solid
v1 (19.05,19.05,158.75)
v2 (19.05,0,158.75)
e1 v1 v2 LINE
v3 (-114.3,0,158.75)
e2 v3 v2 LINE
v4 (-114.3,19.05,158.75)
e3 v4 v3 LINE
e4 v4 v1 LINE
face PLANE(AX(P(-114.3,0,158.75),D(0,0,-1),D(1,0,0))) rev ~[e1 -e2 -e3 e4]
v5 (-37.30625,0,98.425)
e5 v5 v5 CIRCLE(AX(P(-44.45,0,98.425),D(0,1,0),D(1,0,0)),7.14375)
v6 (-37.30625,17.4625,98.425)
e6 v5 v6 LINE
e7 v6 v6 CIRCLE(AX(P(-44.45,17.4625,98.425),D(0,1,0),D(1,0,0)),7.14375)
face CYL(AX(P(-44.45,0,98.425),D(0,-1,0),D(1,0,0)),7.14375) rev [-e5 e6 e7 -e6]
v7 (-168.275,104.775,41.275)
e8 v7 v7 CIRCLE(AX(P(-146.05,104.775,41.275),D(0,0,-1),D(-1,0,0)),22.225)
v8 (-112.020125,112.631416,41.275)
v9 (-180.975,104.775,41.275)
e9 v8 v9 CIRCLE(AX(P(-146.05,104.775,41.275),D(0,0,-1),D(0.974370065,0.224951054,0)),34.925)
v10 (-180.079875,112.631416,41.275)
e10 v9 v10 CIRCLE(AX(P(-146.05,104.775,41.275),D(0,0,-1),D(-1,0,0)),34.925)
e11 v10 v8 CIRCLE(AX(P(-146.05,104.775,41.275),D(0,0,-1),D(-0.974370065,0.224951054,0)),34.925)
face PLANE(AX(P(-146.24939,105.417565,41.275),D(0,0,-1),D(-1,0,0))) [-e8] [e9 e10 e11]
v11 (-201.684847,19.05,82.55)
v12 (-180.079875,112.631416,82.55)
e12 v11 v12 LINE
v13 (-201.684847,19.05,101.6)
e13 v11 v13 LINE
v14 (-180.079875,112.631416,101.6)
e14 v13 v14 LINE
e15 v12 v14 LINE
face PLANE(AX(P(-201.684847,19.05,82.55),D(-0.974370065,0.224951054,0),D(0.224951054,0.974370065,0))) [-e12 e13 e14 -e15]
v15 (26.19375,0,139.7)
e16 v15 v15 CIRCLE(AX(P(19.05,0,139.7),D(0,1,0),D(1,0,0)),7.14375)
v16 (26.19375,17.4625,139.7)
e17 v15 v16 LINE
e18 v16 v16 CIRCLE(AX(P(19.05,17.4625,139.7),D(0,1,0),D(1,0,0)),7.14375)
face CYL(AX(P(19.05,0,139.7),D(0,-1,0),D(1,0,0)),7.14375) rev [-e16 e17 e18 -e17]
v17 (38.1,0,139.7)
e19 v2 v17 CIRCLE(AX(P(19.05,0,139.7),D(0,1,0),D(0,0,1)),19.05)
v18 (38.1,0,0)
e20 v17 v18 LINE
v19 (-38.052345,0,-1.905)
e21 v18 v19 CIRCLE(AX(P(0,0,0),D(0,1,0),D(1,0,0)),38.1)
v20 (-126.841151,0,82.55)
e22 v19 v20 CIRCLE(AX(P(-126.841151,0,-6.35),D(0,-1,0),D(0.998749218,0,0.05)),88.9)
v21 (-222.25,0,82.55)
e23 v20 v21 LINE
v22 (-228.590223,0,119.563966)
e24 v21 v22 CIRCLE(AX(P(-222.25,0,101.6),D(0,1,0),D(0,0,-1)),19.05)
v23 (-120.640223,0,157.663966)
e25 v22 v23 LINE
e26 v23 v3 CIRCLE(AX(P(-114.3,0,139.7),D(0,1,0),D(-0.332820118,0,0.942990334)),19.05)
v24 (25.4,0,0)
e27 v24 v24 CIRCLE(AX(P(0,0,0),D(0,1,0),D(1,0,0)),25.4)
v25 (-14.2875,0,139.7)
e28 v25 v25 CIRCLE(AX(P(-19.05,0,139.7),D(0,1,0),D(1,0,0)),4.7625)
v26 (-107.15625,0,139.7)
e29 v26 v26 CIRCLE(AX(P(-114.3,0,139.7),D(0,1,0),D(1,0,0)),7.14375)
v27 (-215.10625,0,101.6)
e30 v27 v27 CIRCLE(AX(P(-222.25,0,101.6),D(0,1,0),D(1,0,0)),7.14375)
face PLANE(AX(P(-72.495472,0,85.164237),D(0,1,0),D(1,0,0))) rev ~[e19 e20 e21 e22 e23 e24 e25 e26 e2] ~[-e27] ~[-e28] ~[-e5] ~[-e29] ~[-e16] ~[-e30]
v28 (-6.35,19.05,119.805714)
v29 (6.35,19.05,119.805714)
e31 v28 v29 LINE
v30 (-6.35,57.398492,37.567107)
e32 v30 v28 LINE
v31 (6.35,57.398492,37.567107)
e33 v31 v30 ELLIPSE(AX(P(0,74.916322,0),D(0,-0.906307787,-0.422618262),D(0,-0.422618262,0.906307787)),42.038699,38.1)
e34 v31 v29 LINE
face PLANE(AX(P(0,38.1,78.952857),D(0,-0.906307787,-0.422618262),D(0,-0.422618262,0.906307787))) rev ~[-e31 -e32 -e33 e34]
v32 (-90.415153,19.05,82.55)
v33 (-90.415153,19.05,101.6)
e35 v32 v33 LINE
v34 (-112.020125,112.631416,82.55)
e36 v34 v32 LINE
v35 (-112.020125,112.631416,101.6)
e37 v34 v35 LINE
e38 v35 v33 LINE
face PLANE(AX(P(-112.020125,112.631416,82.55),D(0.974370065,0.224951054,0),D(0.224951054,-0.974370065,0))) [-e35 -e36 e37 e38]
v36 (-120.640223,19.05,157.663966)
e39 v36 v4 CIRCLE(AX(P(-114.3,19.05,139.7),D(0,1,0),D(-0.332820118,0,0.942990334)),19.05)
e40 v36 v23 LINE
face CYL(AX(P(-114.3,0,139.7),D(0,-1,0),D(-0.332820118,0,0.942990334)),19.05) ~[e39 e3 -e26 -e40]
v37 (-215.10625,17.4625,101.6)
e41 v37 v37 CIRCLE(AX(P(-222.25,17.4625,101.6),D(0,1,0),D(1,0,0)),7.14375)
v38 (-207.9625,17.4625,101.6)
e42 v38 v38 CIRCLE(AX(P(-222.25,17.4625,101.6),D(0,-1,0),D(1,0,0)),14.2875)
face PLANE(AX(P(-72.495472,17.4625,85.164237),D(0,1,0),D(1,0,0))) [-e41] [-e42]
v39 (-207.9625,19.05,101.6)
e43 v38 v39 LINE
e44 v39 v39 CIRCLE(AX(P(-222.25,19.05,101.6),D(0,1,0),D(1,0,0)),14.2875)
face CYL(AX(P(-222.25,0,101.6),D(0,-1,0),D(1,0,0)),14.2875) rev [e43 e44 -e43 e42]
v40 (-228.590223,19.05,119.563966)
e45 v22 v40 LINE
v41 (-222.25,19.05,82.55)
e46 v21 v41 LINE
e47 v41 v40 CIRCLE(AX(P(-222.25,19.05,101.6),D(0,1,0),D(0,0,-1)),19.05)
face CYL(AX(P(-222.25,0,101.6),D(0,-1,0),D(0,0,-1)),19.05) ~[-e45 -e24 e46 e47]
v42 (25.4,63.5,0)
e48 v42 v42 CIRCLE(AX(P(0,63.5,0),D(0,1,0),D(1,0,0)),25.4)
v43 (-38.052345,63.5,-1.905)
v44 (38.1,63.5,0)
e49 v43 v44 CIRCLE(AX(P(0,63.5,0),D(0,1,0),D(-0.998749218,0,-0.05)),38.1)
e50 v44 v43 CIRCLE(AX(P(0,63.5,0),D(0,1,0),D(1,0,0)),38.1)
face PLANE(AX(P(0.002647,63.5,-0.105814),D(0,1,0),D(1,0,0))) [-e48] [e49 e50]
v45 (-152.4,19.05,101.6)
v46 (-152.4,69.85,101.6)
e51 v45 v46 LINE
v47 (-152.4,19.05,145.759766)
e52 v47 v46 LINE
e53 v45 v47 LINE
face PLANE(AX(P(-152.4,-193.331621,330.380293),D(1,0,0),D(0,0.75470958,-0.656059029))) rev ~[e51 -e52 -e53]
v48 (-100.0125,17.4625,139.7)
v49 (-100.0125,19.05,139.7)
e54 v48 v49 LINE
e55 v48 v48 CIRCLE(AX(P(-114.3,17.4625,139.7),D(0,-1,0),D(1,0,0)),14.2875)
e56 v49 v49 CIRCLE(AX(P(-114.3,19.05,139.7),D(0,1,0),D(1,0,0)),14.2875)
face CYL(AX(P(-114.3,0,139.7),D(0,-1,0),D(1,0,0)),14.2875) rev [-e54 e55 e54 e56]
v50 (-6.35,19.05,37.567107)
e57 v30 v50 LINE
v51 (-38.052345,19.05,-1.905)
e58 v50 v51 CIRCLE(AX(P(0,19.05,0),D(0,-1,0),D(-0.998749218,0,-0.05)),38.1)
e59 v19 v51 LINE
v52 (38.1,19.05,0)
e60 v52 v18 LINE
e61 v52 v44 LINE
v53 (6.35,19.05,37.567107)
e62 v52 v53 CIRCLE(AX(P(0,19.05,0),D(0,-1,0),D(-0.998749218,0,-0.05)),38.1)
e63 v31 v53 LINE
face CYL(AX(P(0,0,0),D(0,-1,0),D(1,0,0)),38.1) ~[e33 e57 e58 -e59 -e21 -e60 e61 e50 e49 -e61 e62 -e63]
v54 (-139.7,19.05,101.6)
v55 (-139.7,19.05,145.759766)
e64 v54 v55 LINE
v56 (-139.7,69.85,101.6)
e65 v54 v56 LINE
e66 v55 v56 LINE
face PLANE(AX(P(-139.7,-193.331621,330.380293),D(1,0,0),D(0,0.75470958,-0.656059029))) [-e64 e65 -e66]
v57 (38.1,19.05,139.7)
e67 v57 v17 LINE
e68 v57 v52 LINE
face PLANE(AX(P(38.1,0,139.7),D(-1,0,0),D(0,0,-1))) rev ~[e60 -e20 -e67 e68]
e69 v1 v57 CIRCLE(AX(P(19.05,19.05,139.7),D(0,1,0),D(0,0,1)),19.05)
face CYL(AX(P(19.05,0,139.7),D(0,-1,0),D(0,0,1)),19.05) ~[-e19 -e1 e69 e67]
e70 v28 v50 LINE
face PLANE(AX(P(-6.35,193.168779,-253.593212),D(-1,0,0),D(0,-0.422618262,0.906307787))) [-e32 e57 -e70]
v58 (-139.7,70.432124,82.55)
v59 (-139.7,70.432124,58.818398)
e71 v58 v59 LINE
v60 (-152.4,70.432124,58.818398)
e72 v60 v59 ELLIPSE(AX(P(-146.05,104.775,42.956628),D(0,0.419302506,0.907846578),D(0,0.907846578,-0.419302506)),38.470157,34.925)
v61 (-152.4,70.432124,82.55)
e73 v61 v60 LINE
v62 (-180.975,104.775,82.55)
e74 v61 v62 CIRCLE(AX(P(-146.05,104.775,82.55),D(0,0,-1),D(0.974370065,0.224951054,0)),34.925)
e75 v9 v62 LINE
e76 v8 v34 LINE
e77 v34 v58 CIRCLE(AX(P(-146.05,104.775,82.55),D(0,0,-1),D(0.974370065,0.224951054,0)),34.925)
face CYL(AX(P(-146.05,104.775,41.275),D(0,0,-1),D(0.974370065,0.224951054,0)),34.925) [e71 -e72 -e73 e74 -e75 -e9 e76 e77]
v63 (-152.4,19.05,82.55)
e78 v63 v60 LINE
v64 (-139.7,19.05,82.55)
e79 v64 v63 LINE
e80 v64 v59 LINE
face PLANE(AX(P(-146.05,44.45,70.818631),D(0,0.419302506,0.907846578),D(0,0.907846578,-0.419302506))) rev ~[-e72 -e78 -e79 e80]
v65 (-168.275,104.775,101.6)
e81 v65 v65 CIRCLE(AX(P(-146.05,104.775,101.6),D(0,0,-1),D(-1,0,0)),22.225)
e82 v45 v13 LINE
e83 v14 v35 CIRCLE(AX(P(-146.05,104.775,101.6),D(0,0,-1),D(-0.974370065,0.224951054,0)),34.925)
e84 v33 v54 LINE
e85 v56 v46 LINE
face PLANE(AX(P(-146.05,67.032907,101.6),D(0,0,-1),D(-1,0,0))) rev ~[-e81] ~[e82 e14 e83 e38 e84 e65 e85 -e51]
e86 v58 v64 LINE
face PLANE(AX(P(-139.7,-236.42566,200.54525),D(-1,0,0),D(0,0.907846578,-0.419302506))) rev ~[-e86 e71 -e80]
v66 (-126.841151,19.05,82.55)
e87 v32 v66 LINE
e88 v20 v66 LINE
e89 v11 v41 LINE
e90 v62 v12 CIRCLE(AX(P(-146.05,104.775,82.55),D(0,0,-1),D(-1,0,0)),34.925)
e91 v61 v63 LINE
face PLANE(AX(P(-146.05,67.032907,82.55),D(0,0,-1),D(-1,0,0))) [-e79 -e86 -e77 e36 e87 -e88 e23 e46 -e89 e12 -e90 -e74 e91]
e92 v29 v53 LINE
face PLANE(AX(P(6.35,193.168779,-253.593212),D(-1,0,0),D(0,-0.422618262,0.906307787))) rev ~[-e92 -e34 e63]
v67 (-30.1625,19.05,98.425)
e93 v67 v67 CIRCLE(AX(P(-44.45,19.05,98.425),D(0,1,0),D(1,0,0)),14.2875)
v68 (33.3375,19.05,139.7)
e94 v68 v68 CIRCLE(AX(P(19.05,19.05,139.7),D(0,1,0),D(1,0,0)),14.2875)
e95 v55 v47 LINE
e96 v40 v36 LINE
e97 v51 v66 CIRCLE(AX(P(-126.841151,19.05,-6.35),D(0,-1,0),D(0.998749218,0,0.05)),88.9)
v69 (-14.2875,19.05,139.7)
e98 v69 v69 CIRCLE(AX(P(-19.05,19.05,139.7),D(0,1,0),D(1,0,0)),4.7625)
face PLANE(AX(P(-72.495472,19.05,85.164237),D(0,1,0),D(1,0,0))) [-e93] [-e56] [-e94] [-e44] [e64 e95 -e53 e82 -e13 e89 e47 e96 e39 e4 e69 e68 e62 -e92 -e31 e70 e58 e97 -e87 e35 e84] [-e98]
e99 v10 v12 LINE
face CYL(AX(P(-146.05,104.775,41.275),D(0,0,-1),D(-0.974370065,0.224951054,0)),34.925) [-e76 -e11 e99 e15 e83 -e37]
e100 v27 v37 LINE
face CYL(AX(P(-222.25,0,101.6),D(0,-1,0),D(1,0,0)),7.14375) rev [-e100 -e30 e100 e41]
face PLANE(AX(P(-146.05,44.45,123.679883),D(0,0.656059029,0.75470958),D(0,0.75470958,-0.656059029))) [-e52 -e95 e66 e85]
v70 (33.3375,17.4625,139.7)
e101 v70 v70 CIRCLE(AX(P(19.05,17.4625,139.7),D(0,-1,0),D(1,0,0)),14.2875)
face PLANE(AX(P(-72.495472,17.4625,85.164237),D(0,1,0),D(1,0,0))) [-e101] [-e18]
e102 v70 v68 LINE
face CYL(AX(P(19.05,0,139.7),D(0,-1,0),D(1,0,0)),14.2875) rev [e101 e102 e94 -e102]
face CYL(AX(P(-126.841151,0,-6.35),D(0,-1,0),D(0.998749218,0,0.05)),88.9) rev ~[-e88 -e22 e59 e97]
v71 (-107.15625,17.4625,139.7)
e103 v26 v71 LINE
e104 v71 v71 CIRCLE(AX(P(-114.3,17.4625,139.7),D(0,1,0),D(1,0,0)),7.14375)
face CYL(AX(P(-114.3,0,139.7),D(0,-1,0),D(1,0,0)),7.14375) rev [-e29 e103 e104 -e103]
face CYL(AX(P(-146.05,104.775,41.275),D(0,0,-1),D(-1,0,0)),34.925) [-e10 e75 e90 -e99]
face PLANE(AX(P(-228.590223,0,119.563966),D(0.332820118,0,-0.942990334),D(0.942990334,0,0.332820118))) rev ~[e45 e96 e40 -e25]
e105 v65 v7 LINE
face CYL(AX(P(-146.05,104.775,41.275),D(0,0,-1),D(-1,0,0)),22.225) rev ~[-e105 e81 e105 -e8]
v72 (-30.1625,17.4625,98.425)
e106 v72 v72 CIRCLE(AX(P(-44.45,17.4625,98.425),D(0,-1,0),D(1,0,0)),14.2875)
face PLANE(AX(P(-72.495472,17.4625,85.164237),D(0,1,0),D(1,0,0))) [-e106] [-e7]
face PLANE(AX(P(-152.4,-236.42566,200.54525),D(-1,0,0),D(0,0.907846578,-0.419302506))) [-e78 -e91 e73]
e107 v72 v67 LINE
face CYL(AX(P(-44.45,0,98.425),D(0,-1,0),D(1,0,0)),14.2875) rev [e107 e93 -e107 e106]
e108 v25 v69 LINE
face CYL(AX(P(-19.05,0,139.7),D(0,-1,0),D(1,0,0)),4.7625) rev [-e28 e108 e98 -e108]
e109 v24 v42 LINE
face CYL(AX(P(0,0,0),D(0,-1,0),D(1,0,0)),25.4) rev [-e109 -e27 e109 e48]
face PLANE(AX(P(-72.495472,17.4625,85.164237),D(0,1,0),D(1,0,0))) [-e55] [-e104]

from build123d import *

# Parameters (mm, degrees)
SKETCH2_R           = 25.4
SKETCH2_R_2         = 4.7625
SKETCH2_R_3         = 7.14375
BOSS_EXTRUDE1_DEPTH = 17.4625
SKETCH2_4_R         = 25.4
SKETCH2_4_R_2       = 14.2875
SKETCH2_4_R_3       = 4.7625
BOSS_EXTRUDE2_DEPTH = 19.05
SKETCH2_5_R         = 25.4
BOSS_EXTRUDE3_DEPTH = 63.5
SKETCH4_R           = 22.225
BOSS_EXTRUDE4_DEPTH = 19.05
BOSS_EXTRUDE5_START = 41.275
SKETCH4_5_R         = 22.225
BOSS_EXTRUDE5_DEPTH = 41.275
RIB1_REACH          = 322.848
SKETCH5_WALL_W      = 733.847979228
SKETCH5_WALL_H      = 12.7
RIB2_REACH          = 282.408
SKETCH6_WALL_W      = 630.127475074
SKETCH6_WALL_H      = 12.7
RIB3_REACH          = 282.408
SKETCH7_WALL_W      = 618.773406406
SKETCH7_WALL_H      = 12.7


with BuildPart() as part:
    # Sketch2 → Boss-Extrude1 (new body)
    with BuildSketch(Plane(origin=(0, 0, 0), x_dir=(1, 0, 0), z_dir=(0, 1, 0))):
        with BuildLine():
            ThreePointArc((38.1, 0), (0.952797982, 38.088084436), (-38.052345197, 1.905))
            ThreePointArc((-38.052345197, 1.905), (-65.571053954, -58.064169637), (-126.841150657, -82.55))
            Line((-126.841150657, -82.55), (-222.25, -82.55))
            ThreePointArc((-222.25, -82.55), (-241.02652856, -98.383717171), (-228.590223243, -119.563965855))
            Line((-228.590223243, -119.563965855), (-120.640223243, -157.663965855))
            ThreePointArc((-120.640223243, -157.663965855), (-117.516282829, -158.47652856), (-114.3, -158.75))
            Line((-114.3, -158.75), (19.05, -158.75))
            ThreePointArc((19.05, -158.75), (32.520384182, -153.170384182), (38.1, -139.7))
            Line((38.1, -139.7), (38.1, 0))
        make_face()
        Circle(SKETCH2_R, mode=Mode.SUBTRACT)
        with Locations((-19.05, -139.7)):
            Circle(SKETCH2_R_2, mode=Mode.SUBTRACT)
        with Locations((-44.45, -98.425)):
            Circle(SKETCH2_R_3, mode=Mode.SUBTRACT)
        with Locations((-114.3, -139.7)):
            Circle(SKETCH2_R_3, mode=Mode.SUBTRACT)
        with Locations((-222.25, -101.6)):
            Circle(SKETCH2_R_3, mode=Mode.SUBTRACT)
        with Locations((19.05, -139.7)):
            Circle(SKETCH2_R_3, mode=Mode.SUBTRACT)
    extrude(amount=BOSS_EXTRUDE1_DEPTH)

    # Sketch2<4> → Boss-Extrude2 (add)
    with BuildSketch(Plane(origin=(0, 0, 0), x_dir=(1, 0, 0), z_dir=(0, 1, 0))):
        with BuildLine():
            ThreePointArc((38.1, 0), (0.952797982, 38.088084436), (-38.052345197, 1.905))
            ThreePointArc((-38.052345197, 1.905), (-65.571053954, -58.064169637), (-126.841150657, -82.55))
            Line((-126.841150657, -82.55), (-222.25, -82.55))
            ThreePointArc((-222.25, -82.55), (-241.02652856, -98.383717171), (-228.590223243, -119.563965855))
            Line((-228.590223243, -119.563965855), (-120.640223243, -157.663965855))
            ThreePointArc((-120.640223243, -157.663965855), (-117.516282829, -158.47652856), (-114.3, -158.75))
            Line((-114.3, -158.75), (19.05, -158.75))
            ThreePointArc((19.05, -158.75), (32.520384182, -153.170384182), (38.1, -139.7))
            Line((38.1, -139.7), (38.1, 0))
        make_face()
        Circle(SKETCH2_4_R, mode=Mode.SUBTRACT)
        with Locations((-44.45, -98.425)):
            Circle(SKETCH2_4_R_2, mode=Mode.SUBTRACT)
        with Locations((-114.3, -139.7)):
            Circle(SKETCH2_4_R_2, mode=Mode.SUBTRACT)
        with Locations((-222.25, -101.6)):
            Circle(SKETCH2_4_R_2, mode=Mode.SUBTRACT)
        with Locations((-19.05, -139.7)):
            Circle(SKETCH2_4_R_3, mode=Mode.SUBTRACT)
        with Locations((19.05, -139.7)):
            Circle(SKETCH2_4_R_2, mode=Mode.SUBTRACT)
    extrude(amount=BOSS_EXTRUDE2_DEPTH)

    # Sketch2<5> → Boss-Extrude3 (add)
    with BuildSketch(Plane(origin=(0, 0, 0), x_dir=(1, 0, 0), z_dir=(0, 1, 0))):
        with BuildLine():
            ThreePointArc((-38.052345197, 1.905), (-0.952797982, -38.088084436), (38.1, 0))
            ThreePointArc((38.1, 0), (0.952797982, 38.088084436), (-38.052345197, 1.905))
        make_face()
        Circle(SKETCH2_5_R, mode=Mode.SUBTRACT)
    extrude(amount=BOSS_EXTRUDE3_DEPTH)

    # Sketch4 → Boss-Extrude4 (add)
    with BuildSketch(Plane(origin=(0, 0, 82.55), x_dir=(-1, 0, 0), z_dir=(0, 0, -1))):
        with BuildLine():
            Line((201.684846649, 19.05), (180.079874513, 112.631415573))
            ThreePointArc((180.079874513, 112.631415573), (146.05, 139.7), (112.020125487, 112.631415573))
            Line((112.020125487, 112.631415573), (90.415153351, 19.05))
            Line((90.415153351, 19.05), (201.684846649, 19.05))
        make_face()
        with Locations((146.05, 104.775)):
            Circle(SKETCH4_R, mode=Mode.SUBTRACT)
    extrude(amount=-BOSS_EXTRUDE4_DEPTH)

    # Sketch4<5> → Boss-Extrude5 (add)
    with BuildSketch(Plane(origin=(0, 0, 82.55), x_dir=(-1, 0, 0), z_dir=(0, 0, -1)).offset(BOSS_EXTRUDE5_START)):
        with BuildLine():
            ThreePointArc((180.975, 104.775), (180.75049706, 108.728622241), (180.079874513, 112.631415573))
            ThreePointArc((180.079874513, 112.631415573), (146.05, 139.7), (112.020125487, 112.631415573))
            ThreePointArc((112.020125487, 112.631415573), (142.096377759, 70.07450294), (180.975, 104.775))
        make_face()
        with Locations((146.05, 104.775)):
            Circle(SKETCH4_5_R, mode=Mode.SUBTRACT)
    extrude(amount=-BOSS_EXTRUDE5_DEPTH)

    # Sketch5 wall → Rib1 (add, up to next)
    with BuildSketch(Plane(origin=(0, 38.1, 78.952856836), x_dir=(0, -0.422618261742, 0.906307787036), z_dir=(0, -0.906307787036, -0.422618261742)), mode=Mode.PRIVATE) as rib1_sk1:
        Rectangle(SKETCH5_WALL_W, SKETCH5_WALL_H)
    rib1_tool1 = extrude(rib1_sk1.sketch, amount=RIB1_REACH, mode=Mode.PRIVATE) - part.part
    add(rib1_tool1.solids().sort_by_distance((0, 38.1, 78.952856836))[0])

    # Sketch6 wall → Rib2 (add, up to next)
    with BuildSketch(Plane(origin=(-146.05, 44.45, 123.67988314), x_dir=(0, 0.754709580223, -0.65605902899), z_dir=(0, 0.65605902899, 0.754709580223)), mode=Mode.PRIVATE) as rib2_sk1:
        Rectangle(SKETCH6_WALL_W, SKETCH6_WALL_H)
    rib2_tool1 = extrude(rib2_sk1.sketch, amount=-RIB2_REACH, mode=Mode.PRIVATE) - part.part
    add(rib2_tool1.solids().sort_by_distance((-146.05, 44.45, 123.67988314))[0])

    # Sketch7 wall → Rib3 (add, up to next)
    with BuildSketch(Plane(origin=(-146.05, 44.45, 70.818630511), x_dir=(0, 0.907846577763, -0.41930250565), z_dir=(0, 0.41930250565, 0.907846577763)), mode=Mode.PRIVATE) as rib3_sk1:
        Rectangle(SKETCH7_WALL_W, SKETCH7_WALL_H)
    rib3_tool1 = extrude(rib3_sk1.sketch, amount=RIB3_REACH, mode=Mode.PRIVATE) - part.part
    add(rib3_tool1.solids().sort_by_distance((-146.05, 44.45, 70.818630511))[0])


solid = part.part
